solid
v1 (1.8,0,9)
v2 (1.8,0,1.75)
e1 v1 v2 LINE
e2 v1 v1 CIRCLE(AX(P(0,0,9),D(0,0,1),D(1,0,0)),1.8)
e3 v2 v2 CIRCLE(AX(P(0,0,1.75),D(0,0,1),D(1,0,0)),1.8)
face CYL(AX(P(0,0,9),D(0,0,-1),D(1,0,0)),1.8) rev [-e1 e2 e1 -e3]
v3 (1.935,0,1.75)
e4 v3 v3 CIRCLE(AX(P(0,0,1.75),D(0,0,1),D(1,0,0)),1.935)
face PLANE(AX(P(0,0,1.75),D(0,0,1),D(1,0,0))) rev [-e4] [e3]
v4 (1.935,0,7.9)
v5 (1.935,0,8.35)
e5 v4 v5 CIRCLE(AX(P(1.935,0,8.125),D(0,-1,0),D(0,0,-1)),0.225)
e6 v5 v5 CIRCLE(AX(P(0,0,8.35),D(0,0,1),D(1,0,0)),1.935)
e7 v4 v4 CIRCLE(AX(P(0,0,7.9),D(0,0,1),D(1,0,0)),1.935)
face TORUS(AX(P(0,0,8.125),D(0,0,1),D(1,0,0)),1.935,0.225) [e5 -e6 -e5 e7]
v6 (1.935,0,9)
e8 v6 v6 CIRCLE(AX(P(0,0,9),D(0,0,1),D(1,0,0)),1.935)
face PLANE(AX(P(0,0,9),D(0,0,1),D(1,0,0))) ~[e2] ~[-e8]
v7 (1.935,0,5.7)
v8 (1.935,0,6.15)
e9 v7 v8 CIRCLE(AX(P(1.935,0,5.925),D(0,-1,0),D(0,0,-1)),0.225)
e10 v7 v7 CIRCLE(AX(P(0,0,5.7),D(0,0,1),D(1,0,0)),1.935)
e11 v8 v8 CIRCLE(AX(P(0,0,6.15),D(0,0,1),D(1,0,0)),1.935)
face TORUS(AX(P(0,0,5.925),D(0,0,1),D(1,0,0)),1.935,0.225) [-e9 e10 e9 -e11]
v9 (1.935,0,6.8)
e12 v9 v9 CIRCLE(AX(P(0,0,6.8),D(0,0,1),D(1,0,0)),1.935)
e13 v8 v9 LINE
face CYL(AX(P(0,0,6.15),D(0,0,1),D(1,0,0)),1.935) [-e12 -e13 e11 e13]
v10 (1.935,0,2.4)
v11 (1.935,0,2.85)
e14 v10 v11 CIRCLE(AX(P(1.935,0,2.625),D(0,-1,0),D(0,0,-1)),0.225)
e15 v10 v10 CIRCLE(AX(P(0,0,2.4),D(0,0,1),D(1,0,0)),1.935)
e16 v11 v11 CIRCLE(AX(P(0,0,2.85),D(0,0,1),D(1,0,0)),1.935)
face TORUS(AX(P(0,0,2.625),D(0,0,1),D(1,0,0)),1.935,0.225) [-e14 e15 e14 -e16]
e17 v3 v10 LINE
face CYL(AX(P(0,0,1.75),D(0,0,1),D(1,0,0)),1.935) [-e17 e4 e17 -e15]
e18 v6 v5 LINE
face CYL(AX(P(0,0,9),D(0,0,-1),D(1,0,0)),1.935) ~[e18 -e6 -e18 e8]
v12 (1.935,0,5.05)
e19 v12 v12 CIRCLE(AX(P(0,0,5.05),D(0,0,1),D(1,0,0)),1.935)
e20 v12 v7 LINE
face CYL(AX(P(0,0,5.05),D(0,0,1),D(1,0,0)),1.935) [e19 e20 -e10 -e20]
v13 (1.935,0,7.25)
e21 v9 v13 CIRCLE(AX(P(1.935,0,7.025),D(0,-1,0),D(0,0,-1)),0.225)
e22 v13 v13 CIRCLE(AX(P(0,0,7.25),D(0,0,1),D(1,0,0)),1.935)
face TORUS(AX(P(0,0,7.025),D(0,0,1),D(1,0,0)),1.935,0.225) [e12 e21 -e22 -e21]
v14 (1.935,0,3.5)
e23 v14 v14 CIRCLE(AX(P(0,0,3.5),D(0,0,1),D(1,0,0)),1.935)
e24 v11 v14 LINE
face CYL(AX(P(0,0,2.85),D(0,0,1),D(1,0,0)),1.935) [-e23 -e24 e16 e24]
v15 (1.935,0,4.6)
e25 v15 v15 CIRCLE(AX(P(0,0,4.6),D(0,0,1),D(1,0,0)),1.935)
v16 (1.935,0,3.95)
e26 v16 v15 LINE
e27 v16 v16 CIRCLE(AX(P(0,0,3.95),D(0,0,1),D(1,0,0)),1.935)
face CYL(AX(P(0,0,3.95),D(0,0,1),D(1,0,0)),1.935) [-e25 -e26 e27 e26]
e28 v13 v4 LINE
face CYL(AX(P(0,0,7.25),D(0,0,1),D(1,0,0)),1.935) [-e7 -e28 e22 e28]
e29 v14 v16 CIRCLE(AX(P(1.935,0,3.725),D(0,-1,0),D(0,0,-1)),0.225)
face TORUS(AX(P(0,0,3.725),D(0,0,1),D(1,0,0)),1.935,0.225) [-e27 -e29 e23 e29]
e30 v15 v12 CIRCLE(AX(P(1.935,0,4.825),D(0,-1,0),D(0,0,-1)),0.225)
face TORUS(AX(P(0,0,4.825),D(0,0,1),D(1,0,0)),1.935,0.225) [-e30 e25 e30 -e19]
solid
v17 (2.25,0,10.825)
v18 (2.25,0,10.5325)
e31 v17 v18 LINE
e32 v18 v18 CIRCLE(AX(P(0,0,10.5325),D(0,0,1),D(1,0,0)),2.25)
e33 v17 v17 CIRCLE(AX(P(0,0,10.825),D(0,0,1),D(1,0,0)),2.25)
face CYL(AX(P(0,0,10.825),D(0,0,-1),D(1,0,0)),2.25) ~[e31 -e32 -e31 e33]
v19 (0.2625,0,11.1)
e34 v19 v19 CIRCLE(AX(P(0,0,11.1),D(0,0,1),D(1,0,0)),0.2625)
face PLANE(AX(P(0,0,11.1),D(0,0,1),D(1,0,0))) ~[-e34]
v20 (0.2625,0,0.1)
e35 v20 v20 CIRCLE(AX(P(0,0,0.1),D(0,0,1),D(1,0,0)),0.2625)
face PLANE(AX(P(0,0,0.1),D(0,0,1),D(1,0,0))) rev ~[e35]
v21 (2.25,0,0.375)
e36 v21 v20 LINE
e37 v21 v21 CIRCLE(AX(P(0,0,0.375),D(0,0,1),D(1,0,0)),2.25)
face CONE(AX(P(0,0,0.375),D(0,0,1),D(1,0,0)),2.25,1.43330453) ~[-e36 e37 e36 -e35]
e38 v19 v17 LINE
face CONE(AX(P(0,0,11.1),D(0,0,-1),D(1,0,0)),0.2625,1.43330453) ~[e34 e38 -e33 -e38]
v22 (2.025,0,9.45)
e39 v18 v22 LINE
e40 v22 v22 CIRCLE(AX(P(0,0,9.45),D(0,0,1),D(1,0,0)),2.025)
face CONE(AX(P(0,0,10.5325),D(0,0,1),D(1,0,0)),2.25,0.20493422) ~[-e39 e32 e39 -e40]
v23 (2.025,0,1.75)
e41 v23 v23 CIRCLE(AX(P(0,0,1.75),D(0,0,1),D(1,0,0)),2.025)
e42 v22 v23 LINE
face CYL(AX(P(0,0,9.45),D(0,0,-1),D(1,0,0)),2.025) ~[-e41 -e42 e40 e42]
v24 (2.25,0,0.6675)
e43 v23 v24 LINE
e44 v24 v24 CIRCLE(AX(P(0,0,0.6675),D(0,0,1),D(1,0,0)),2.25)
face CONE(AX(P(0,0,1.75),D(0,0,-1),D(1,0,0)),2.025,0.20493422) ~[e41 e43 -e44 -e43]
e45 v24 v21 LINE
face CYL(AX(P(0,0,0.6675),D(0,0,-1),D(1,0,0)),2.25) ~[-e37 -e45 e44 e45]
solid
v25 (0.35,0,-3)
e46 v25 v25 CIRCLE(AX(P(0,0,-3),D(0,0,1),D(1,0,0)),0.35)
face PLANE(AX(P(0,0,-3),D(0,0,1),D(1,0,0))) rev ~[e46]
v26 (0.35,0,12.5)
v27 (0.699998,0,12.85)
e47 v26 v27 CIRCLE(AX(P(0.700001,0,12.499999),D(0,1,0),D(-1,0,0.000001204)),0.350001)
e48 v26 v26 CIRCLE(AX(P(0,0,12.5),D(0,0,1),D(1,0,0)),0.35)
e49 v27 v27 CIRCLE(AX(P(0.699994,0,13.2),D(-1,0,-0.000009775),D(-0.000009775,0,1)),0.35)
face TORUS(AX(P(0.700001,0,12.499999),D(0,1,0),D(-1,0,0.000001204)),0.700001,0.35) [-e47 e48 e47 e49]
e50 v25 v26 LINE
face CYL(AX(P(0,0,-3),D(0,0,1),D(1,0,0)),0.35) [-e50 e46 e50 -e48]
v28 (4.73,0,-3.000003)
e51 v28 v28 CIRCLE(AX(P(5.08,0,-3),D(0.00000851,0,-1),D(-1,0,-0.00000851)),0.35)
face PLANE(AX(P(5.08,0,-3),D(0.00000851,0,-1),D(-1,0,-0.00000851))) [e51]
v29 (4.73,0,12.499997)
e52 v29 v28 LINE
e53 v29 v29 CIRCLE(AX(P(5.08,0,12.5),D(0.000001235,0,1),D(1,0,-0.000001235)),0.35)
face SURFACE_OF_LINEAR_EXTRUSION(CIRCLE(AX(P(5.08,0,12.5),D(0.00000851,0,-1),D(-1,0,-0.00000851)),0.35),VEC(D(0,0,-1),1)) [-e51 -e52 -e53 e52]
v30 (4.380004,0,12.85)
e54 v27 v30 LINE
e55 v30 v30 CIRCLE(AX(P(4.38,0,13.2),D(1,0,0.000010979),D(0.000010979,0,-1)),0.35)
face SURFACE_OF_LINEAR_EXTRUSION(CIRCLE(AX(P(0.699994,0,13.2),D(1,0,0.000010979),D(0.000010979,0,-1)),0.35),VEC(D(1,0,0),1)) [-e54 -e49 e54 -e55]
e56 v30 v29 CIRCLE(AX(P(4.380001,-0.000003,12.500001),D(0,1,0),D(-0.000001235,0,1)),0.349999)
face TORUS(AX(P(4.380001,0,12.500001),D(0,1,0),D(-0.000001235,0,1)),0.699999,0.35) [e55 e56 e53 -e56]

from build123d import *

# Parameters (mm, degrees)
SKETCH_R = 0.35


with BuildPart() as sweep_body:
    # Sweep: sweep along a path in Sketch001
    with BuildLine(Plane.XZ) as sweep_path:
        Line((0, -3), (0, 12.5))
        ThreePointArc((0, 12.5), (0.205023, 12.994972), (0.699994, 13.2))
        Line((0.699994, 13.2), (4.38, 13.2))
        ThreePointArc((4.38, 13.2), (4.874975, 12.994975), (5.08, 12.5))
        Line((5.08, 12.5), (5.08, -3))
    # Sketch → Sweep (sweep)
    with BuildSketch(Plane.XY.offset(-2)):
        Circle(SKETCH_R)
    sweep(path=sweep_path.line)


with BuildPart() as revolution:
    # Sketch002 → Revolution (revolve)
    with BuildSketch(Plane.XZ):
        Polygon((0, 0.1), (0, 11.1), (0.2625, 11.1), (2.25, 10.825), (2.25, 10.5325), (2.025, 9.45), (2.025, 1.75), (2.25, 0.6675), (2.25, 0.375), (0.2625, 0.1), align=None)
    revolve(axis=Axis((0, 0, 0), (0, 0, 1)))


with BuildPart() as revolution001:
    # Sketch003 → Revolution001 (revolve)
    with BuildSketch(Plane.XZ):
        with BuildLine():
            Line((1.8, 9), (1.8, 1.75))
            Line((1.8, 1.75), (1.935, 1.75))
            Line((1.935, 1.75), (1.935, 2.4))
            ThreePointArc((1.935, 2.4), (2.16, 2.625), (1.935, 2.85))
            Line((1.935, 2.85), (1.935, 3.5))
            ThreePointArc((1.935, 3.5), (2.16, 3.725), (1.935, 3.95))
            Line((1.935, 3.95), (1.935, 4.6))
            ThreePointArc((1.935, 4.6), (2.16, 4.825), (1.935, 5.05))
            Line((1.935, 5.05), (1.935, 5.7))
            ThreePointArc((1.935, 5.7), (2.16, 5.925), (1.935, 6.15))
            Line((1.935, 6.15), (1.935, 6.8))
            ThreePointArc((1.935, 6.8), (2.16, 7.025), (1.935, 7.25))
            Line((1.935, 7.25), (1.935, 7.9))
            ThreePointArc((1.935, 7.9), (2.16, 8.125), (1.935, 8.35))
            Line((1.935, 9), (1.935, 8.35))
            Line((1.8, 9), (1.935, 9))
        make_face()
    revolve(axis=Axis((0, 0, 0), (0, 0, 1)))


solid = Compound([sweep_body.part, revolution.part, revolution001.part])
